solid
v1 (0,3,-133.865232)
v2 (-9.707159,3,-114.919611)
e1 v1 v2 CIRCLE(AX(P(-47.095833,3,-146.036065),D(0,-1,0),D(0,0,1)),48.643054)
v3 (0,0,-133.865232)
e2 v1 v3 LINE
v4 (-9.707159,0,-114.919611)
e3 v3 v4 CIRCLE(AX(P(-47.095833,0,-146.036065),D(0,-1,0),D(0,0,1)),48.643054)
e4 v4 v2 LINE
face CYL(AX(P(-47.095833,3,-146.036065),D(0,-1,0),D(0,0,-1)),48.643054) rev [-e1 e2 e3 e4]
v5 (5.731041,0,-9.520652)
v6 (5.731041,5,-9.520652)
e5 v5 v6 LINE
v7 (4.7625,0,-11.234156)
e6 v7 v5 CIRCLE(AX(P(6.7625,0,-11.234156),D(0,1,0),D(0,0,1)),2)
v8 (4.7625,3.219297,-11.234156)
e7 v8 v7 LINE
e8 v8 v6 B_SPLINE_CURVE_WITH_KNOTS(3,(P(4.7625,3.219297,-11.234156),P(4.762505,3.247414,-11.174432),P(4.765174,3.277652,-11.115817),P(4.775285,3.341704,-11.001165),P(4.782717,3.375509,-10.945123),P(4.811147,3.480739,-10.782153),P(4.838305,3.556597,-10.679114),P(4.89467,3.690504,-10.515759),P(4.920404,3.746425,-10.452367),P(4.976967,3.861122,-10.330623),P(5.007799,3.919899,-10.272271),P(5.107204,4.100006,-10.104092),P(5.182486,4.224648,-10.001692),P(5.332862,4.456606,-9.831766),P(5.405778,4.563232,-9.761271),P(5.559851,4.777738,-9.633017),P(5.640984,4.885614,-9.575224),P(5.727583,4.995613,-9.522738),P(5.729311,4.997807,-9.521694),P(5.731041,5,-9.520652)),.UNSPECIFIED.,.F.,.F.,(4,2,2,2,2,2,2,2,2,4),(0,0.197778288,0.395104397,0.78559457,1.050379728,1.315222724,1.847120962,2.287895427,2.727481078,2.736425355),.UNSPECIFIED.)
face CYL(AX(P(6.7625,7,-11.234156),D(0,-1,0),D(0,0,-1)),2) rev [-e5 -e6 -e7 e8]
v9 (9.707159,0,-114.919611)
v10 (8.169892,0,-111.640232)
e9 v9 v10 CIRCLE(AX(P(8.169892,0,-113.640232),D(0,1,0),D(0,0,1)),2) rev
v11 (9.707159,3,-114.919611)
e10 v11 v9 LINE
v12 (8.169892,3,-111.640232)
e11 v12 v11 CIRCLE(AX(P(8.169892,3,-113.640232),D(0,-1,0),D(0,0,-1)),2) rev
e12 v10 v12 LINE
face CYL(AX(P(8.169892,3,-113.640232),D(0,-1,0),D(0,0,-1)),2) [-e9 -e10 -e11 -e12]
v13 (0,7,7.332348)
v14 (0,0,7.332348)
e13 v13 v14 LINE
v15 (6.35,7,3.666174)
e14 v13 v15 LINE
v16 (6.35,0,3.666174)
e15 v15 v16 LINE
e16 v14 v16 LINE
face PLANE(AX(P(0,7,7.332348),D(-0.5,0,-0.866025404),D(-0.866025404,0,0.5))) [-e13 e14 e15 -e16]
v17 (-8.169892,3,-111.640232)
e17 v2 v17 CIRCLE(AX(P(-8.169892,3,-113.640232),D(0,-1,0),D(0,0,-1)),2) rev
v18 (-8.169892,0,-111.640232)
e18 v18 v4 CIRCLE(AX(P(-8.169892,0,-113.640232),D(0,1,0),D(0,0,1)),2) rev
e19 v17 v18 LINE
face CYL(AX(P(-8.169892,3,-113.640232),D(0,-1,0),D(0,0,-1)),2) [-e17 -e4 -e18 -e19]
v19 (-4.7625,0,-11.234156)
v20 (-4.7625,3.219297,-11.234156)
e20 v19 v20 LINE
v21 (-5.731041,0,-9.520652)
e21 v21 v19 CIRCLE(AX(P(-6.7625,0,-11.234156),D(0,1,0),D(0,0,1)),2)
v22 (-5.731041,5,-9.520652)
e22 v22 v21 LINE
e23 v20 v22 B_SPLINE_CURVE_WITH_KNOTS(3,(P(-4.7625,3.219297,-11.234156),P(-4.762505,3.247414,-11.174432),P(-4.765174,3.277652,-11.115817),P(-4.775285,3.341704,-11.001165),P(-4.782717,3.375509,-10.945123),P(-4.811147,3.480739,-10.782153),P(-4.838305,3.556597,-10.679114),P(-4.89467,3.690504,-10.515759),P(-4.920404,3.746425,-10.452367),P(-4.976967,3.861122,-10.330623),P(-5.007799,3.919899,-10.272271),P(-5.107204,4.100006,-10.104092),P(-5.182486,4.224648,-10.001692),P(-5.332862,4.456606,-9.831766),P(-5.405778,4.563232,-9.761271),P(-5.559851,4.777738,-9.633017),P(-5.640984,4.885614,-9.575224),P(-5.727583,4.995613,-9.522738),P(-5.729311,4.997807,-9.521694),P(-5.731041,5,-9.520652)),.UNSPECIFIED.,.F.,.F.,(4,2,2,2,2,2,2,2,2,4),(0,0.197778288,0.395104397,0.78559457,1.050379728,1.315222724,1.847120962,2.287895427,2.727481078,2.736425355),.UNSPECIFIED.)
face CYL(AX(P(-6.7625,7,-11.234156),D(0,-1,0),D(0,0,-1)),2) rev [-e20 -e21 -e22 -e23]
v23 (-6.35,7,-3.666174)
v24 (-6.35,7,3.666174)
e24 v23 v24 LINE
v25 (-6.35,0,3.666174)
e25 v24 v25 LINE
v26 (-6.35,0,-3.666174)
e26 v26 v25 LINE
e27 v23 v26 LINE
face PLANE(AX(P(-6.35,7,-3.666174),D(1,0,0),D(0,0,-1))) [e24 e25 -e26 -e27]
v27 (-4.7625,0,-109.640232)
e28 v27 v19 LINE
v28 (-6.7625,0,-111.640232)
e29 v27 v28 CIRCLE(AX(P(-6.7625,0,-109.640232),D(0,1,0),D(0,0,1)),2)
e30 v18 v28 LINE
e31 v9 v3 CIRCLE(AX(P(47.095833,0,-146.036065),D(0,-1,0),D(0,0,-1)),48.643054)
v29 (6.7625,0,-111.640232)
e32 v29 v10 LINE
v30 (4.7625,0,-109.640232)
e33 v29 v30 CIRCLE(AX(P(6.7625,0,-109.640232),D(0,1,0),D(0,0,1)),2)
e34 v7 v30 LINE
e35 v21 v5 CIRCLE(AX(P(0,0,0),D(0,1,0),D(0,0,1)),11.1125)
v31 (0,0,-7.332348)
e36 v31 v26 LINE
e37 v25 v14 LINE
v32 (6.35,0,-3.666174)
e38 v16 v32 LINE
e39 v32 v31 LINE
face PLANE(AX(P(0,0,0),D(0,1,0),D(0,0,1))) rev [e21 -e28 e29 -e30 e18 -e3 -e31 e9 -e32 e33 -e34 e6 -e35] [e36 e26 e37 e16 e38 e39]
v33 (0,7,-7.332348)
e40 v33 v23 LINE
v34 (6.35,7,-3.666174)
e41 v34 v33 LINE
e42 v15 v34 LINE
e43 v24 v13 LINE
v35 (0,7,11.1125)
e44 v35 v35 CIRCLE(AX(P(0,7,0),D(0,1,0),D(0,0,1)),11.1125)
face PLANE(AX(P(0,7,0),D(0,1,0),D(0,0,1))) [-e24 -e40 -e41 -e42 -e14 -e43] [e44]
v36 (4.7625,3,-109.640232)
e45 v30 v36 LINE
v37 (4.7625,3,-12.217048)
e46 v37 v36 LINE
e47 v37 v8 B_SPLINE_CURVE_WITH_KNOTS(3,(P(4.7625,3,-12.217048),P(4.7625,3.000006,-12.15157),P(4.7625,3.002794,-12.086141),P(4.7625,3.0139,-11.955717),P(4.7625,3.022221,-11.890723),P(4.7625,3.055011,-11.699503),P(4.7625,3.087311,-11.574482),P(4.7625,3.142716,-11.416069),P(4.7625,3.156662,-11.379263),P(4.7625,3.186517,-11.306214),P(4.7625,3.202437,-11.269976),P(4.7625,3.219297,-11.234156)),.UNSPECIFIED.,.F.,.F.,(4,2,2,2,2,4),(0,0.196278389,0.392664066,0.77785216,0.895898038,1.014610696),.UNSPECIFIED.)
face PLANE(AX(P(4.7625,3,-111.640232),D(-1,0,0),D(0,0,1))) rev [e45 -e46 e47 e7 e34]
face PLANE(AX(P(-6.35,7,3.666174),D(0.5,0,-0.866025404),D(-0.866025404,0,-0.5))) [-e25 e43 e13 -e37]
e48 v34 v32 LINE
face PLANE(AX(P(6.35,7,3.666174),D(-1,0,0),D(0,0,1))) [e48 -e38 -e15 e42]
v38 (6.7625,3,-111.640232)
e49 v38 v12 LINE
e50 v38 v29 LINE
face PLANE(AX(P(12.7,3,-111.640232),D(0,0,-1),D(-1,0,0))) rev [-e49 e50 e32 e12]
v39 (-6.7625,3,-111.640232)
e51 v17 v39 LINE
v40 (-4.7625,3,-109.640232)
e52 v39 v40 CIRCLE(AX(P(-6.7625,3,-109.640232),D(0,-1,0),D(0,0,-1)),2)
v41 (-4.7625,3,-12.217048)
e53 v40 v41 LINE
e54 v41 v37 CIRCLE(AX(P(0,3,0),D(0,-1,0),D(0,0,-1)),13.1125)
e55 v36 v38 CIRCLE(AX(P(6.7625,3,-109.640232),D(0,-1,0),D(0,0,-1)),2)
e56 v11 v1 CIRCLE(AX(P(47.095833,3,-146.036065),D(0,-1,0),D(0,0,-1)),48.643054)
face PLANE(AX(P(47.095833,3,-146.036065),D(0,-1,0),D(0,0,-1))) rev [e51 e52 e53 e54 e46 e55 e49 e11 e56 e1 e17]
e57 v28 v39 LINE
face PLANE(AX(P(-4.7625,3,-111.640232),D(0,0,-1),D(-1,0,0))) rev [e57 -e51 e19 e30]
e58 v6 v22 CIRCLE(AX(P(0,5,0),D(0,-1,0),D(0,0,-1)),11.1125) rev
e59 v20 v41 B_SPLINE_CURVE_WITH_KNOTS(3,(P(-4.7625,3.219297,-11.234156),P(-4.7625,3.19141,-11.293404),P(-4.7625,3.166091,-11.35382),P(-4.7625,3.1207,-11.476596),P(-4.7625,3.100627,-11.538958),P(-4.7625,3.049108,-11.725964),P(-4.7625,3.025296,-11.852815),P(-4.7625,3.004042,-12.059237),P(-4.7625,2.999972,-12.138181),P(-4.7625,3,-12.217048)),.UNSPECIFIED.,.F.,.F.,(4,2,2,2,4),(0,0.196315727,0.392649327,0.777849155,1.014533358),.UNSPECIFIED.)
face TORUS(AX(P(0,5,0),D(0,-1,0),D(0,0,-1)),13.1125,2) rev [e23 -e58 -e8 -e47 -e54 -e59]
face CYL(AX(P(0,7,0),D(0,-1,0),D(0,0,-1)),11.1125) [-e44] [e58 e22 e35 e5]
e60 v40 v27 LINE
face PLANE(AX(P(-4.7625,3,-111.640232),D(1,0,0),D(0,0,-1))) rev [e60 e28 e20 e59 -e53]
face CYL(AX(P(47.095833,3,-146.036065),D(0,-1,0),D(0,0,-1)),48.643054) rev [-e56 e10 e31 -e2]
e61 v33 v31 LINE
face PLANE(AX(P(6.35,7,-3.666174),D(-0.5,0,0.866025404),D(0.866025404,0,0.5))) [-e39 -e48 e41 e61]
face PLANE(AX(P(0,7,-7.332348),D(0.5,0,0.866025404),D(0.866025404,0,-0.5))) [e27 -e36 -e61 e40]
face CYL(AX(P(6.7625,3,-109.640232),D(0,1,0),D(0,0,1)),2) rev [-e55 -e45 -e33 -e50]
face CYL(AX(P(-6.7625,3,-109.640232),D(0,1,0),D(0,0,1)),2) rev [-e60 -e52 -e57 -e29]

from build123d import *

# Parameters (mm, degrees)
SKETCH1_R           = 11.1125
BOSS_EXTRUDE1_DEPTH = 7
BOSS_EXTRUDE2_DEPTH = 3
FILLET1_R           = 2


with BuildPart() as part:
    # Sketch1 → Boss-Extrude1 (new body)
    with BuildSketch(Plane(origin=(0, 0, 0), x_dir=(1, 0, 0), z_dir=(0, 1, 0))):
        Circle(SKETCH1_R)
        Polygon((6.35, 3.666174209), (0, 7.332348419), (-6.35, 3.666174209), (-6.35, -3.666174209), (0, -7.332348419), (6.35, -3.666174209), align=None, mode=Mode.SUBTRACT)
    extrude(amount=BOSS_EXTRUDE1_DEPTH)

    # Sketch2 → Boss-Extrude2 (add)
    with BuildSketch(Plane(origin=(0, 0, 0), x_dir=(1, 0, 0), z_dir=(0, 1, 0))):
        with BuildLine():
            Line((-4.7625, 111.640231571), (-12.7, 111.640231571))
            ThreePointArc((-12.7, 111.640231571), (-4.861835295, 121.90235174), (0, 133.865231571))
            ThreePointArc((0, 133.865231571), (4.861835295, 121.90235174), (12.7, 111.640231571))
            Line((12.7, 111.640231571), (4.7625, 111.640231571))
            Line((4.7625, 111.640231571), (4.7625, 10.040231571))
            Line((4.7625, 10.040231571), (-4.7625, 10.040231571))
            Line((-4.7625, 10.040231571), (-4.7625, 111.640231571))
        make_face()
    extrude(amount=BOSS_EXTRUDE2_DEPTH)

    # Fillet1
    fillet1_edges = [part.edges().sort_by_distance(p)[0] for p in [
        (0, 3, -11.1125),
        (-4.7625, 1.5, -111.640231571),
        (-4.7625, 1.5, -10.040231571),
        (4.7625, 1.5, -10.040231571),
        (4.7625, 1.5, -111.640231571),
        (12.7, 1.5, -111.640231571),
        (-12.7, 1.5, -111.640231571),
    ]]
    fillet(fillet1_edges, radius=FILLET1_R)


solid = part.part
